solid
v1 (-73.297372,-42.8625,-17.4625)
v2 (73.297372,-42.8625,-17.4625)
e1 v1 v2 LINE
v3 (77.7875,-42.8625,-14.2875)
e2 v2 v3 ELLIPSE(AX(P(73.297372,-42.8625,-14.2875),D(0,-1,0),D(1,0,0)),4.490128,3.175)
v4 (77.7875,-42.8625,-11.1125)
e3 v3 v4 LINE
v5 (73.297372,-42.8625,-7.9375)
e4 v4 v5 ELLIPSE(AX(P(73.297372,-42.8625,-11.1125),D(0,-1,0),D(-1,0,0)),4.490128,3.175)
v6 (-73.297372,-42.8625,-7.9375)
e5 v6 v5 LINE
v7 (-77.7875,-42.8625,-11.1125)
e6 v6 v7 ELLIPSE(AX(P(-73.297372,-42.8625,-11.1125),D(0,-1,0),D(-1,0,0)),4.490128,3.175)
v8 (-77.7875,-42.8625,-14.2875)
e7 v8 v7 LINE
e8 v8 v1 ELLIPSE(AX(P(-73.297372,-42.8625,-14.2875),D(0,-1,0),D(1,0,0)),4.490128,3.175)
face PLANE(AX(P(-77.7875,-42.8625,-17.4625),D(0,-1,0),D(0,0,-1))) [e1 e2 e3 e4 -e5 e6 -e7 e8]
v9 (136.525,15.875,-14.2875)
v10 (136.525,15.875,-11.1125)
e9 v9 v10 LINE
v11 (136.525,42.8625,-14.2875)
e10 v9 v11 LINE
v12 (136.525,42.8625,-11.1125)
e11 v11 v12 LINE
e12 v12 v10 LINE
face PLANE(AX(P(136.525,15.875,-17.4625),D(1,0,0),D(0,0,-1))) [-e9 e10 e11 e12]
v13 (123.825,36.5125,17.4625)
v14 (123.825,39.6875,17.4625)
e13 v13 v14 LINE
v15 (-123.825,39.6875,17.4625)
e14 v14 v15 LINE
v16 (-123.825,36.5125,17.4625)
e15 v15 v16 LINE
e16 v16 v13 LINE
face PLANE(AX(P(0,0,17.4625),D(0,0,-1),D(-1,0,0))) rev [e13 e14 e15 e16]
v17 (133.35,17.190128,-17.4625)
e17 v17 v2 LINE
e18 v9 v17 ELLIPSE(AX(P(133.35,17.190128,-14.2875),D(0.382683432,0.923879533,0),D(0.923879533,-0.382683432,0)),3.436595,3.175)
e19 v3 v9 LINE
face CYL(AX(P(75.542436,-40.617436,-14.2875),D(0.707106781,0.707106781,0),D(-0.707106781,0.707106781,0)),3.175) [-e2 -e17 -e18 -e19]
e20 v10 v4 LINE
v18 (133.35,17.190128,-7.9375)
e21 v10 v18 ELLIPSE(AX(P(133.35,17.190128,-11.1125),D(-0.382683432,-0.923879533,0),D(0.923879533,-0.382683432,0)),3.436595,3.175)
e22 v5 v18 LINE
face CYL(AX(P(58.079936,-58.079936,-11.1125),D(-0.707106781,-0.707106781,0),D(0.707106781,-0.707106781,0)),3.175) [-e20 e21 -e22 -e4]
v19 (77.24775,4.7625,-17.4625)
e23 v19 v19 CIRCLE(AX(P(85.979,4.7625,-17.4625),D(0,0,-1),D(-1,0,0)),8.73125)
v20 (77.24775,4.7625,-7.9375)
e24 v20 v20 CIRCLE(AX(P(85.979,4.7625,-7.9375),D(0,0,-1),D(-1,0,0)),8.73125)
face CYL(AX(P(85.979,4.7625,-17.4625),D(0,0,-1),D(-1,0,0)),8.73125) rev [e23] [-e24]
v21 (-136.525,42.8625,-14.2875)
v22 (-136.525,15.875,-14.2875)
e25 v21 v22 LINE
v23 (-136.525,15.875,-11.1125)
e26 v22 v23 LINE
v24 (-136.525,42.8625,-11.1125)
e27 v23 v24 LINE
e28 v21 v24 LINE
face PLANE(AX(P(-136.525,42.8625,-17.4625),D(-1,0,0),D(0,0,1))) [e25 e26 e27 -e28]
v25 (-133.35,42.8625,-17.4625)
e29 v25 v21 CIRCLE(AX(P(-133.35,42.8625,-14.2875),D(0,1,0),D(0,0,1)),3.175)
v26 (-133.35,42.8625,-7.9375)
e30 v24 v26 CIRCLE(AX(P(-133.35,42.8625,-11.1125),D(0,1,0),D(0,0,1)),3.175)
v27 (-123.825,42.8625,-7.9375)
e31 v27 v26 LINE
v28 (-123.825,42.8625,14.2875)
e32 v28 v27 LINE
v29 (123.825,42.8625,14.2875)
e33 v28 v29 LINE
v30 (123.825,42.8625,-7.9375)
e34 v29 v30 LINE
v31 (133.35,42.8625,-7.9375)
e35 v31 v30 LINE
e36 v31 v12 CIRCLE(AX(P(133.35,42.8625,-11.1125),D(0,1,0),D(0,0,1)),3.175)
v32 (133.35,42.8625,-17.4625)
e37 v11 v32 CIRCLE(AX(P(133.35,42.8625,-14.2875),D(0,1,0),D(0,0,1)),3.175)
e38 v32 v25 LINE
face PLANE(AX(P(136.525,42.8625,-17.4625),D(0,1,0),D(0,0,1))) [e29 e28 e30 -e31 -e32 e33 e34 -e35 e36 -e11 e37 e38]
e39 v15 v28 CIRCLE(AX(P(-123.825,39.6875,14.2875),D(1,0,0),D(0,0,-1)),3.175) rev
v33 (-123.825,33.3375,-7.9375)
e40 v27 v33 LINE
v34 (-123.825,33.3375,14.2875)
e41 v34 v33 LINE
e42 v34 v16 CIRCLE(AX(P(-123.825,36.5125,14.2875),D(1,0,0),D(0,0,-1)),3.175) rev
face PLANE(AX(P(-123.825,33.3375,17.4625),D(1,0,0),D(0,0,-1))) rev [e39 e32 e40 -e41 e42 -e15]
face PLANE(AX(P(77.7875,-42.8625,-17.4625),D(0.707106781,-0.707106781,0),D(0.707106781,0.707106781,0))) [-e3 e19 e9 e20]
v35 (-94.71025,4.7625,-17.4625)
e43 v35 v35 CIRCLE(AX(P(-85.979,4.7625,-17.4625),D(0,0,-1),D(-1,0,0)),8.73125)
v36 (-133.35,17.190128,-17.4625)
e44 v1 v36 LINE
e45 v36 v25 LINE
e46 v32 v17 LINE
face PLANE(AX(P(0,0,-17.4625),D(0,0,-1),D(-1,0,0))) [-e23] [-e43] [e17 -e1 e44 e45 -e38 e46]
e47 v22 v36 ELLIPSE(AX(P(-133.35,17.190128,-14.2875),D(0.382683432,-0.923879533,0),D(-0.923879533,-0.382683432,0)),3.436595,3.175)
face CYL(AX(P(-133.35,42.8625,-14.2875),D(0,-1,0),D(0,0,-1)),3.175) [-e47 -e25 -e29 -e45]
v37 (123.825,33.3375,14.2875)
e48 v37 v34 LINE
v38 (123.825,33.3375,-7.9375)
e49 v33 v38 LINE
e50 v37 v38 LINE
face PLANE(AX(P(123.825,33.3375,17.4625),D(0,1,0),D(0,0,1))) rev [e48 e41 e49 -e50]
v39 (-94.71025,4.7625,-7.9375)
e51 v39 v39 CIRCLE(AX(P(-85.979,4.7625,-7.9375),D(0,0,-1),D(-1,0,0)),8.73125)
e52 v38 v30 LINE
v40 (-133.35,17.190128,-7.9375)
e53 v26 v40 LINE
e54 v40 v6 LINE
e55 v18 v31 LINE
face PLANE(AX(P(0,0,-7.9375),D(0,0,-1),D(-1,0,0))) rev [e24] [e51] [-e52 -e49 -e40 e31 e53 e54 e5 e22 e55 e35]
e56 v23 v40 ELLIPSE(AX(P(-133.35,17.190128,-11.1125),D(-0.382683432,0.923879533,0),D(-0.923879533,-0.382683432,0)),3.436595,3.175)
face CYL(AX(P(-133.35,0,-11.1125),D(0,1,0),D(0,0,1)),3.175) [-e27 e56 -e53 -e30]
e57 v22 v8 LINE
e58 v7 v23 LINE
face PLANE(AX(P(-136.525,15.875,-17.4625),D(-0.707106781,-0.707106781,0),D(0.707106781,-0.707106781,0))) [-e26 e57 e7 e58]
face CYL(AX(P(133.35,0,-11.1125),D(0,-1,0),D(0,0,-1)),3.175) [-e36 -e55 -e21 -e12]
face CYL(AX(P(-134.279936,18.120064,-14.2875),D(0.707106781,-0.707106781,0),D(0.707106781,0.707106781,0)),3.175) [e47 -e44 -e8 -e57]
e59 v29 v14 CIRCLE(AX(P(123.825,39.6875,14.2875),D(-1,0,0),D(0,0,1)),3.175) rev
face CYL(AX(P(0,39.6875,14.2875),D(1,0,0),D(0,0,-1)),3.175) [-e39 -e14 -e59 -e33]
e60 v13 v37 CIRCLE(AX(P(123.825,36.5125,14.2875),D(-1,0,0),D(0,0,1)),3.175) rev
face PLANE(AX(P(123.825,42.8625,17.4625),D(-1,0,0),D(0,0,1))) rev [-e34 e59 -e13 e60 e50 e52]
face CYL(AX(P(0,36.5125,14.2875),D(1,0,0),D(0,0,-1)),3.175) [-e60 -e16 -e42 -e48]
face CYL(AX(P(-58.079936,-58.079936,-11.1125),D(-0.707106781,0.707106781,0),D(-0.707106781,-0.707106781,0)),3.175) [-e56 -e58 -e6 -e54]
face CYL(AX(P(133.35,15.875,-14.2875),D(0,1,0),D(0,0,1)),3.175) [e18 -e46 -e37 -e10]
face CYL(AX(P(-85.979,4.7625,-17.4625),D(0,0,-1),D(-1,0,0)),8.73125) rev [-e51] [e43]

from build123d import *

# Parameters (mm, degrees)
BOSS_EXTRUDE1_DEPTH       = 9.525
SKETCH2_W                 = 247.649999748
SKETCH2_H                 = 9.52499999
BOSS_EXTRUDE2_DEPTH       = 25.4
M16_CLEARANCE_HOLE1_D     = 17.462499982
M16_CLEARANCE_HOLE1_DEPTH = 34.925
FILLET1_R                 = 3.175


with BuildPart() as part:
    # Sketch1 → Boss-Extrude1 (new body)
    with BuildSketch(Plane.XY.offset(-7.9375)):
        Polygon((136.524999861, 15.874999984), (136.524999861, 42.862499956), (-136.524999861, 42.862499956), (-136.524999861, 15.874999984), (-77.787499921, -42.862499956), (77.787499921, -42.862499956), align=None)
    extrude(amount=-BOSS_EXTRUDE1_DEPTH)

    # Sketch2 → Boss-Extrude2 (add)
    with BuildSketch(Plane.XY.offset(-7.9375)):
        with Locations((0, 38.099999961)):
            Rectangle(SKETCH2_W, SKETCH2_H)
    extrude(amount=BOSS_EXTRUDE2_DEPTH)

    # M16 Clearance Hole1
    with Locations(Plane(origin=(0, 0, -17.4625), x_dir=(-1, 0, 0), z_dir=(0, 0, -1))):
        with Locations((-85.978999912, 4.762499995), (85.978999912, 4.762499995)):
            Hole(M16_CLEARANCE_HOLE1_D / 2, depth=M16_CLEARANCE_HOLE1_DEPTH)

    # Fillet1
    fillet1_edges = [part.edges().sort_by_distance(p)[0] for p in [
        (-136.524999861, 29.36874997, -17.4625),
        (-107.156249891, -13.493749986, -17.4625),
        (0, 33.337499966, 17.4625),
        (0, 42.862499956, 17.4625),
        (107.156249891, -13.493749986, -17.4625),
        (-107.156249891, -13.493749986, -7.9375),
        (-136.524999861, 29.36874997, -7.9375),
        (136.524999861, 29.36874997, -17.4625),
        (136.524999861, 29.36874997, -7.9375),
        (107.156249891, -13.493749986, -7.9375),
    ]]
    fillet(fillet1_edges, radius=FILLET1_R)


solid = part.part
